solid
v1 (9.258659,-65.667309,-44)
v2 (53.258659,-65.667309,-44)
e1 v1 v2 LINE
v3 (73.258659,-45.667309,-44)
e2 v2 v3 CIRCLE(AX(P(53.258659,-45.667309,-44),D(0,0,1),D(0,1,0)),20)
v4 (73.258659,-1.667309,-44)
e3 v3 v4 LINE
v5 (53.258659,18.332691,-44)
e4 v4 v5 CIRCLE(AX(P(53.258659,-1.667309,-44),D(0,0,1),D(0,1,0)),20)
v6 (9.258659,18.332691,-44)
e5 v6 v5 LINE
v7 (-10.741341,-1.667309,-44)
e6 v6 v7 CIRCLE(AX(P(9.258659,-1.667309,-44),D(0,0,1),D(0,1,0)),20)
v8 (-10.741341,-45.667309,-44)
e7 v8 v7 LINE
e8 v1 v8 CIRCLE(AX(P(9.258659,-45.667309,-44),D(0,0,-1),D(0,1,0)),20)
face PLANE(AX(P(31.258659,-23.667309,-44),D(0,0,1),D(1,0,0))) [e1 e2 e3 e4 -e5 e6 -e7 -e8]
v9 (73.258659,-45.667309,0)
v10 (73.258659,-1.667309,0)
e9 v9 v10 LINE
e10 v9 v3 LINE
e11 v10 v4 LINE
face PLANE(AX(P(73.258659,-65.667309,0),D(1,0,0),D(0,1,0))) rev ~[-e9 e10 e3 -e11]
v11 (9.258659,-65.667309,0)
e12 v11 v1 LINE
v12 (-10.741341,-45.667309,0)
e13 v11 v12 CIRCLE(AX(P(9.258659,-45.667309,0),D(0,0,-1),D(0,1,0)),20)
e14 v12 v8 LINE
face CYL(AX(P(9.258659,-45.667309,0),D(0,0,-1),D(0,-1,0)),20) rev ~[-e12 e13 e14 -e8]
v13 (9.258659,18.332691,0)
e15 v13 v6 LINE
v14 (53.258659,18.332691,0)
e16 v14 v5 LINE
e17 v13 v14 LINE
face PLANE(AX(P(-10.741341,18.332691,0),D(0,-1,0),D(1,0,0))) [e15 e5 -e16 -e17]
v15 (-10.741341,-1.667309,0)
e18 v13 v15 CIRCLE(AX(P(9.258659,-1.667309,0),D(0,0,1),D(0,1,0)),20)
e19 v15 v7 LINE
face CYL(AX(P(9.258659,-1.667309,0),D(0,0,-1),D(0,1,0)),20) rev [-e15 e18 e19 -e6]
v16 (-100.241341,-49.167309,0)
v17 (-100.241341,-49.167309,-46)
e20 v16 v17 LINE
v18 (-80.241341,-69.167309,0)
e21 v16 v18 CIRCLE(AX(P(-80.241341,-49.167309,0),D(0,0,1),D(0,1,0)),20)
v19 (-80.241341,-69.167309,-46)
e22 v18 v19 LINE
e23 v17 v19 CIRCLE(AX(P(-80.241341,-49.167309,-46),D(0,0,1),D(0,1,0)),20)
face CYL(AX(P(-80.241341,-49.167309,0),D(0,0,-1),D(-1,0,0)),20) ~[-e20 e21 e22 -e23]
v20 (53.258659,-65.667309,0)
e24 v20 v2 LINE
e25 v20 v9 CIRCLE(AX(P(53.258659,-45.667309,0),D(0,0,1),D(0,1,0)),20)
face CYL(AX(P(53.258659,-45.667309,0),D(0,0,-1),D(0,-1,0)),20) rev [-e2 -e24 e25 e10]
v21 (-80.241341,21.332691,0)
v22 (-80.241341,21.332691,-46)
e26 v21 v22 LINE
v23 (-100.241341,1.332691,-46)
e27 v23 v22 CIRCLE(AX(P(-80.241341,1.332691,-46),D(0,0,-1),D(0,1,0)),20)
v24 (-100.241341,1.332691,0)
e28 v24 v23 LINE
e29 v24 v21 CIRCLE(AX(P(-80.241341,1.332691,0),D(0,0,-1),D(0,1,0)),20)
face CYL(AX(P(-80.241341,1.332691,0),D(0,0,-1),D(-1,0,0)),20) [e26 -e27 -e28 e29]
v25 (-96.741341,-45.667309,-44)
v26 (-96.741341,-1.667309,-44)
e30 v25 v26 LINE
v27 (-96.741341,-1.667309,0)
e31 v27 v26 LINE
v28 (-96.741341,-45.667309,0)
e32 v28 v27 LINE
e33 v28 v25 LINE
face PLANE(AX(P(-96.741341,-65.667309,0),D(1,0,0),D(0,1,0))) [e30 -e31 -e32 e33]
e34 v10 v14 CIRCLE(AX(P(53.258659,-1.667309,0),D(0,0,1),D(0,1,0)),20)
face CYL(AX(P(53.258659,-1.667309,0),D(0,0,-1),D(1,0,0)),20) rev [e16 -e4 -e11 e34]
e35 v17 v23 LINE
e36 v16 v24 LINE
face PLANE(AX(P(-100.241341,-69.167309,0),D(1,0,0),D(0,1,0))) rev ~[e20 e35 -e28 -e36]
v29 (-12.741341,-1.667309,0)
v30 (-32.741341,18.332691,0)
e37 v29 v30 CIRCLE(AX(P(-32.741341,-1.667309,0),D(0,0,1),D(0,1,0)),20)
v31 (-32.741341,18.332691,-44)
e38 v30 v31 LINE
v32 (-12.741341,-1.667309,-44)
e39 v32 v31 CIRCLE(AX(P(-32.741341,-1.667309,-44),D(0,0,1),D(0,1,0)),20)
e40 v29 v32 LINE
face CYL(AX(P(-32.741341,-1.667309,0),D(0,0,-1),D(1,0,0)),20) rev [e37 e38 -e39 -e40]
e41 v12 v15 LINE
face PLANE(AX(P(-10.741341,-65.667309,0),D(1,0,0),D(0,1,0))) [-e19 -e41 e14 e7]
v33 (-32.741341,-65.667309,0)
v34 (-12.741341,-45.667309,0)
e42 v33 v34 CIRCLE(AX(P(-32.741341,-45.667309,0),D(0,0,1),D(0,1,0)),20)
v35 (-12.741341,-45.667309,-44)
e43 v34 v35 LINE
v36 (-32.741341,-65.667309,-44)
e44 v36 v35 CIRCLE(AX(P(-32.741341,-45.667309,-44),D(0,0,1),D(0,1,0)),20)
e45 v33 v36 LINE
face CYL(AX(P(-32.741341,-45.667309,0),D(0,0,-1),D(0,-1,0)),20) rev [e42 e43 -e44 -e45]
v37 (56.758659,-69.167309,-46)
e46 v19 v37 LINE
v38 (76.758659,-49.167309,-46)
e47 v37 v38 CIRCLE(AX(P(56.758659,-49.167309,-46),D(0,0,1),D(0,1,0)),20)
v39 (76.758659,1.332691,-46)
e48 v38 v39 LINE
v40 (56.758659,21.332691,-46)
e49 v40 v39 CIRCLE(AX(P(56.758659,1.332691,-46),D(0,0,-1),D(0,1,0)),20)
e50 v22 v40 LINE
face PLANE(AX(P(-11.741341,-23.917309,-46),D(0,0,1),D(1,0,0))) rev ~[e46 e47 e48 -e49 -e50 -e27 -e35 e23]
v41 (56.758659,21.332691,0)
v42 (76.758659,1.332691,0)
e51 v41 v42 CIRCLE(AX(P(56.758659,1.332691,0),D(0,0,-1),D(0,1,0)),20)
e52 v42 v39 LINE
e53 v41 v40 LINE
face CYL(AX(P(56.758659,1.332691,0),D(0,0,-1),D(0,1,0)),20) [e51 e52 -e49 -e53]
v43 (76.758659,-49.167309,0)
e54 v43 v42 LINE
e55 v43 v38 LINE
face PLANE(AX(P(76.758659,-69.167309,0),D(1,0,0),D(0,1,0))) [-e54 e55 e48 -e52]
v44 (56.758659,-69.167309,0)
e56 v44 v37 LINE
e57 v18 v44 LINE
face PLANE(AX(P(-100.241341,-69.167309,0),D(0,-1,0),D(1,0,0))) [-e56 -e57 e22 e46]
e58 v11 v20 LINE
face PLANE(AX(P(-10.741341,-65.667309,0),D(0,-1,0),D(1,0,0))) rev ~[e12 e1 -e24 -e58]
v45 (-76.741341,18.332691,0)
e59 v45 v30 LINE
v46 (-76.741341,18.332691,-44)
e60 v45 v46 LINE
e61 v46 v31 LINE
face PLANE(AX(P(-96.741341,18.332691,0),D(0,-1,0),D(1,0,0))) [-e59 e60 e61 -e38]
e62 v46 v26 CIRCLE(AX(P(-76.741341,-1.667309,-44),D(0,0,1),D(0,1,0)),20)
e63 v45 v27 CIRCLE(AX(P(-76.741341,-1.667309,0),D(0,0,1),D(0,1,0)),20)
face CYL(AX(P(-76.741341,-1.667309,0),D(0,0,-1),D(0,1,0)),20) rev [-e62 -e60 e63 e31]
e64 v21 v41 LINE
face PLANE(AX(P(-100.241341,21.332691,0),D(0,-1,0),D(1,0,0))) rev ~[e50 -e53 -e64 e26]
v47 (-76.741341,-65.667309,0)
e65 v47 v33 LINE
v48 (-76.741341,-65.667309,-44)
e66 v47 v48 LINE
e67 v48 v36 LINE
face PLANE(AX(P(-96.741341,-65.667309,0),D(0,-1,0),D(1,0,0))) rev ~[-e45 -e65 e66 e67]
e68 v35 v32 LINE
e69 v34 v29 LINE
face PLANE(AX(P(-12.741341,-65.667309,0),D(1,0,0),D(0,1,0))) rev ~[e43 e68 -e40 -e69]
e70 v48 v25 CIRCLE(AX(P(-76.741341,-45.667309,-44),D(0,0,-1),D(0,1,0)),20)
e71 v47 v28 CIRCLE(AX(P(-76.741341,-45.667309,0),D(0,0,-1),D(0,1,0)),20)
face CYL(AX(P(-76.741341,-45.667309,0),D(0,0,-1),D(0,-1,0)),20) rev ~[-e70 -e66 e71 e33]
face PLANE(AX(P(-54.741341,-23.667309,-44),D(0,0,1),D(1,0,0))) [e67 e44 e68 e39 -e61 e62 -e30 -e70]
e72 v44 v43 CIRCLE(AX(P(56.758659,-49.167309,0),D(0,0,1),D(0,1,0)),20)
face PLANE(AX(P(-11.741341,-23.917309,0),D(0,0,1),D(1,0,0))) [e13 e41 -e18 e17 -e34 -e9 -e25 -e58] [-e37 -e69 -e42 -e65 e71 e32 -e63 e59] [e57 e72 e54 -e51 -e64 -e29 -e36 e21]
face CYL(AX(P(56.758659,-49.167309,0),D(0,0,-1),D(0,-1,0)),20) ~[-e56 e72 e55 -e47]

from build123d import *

# Parameters (mm, degrees)
F0_W     = 177
F0_H     = 90.5
F1_DEPTH = 46
F2_W     = 84
F2_H     = 84
F3_DEPTH = 44
F4_R     = 20


with BuildPart() as f1:
    # F0 (on Top) → F1 (new body)
    with BuildSketch(Plane.XY):
        with Locations((-11.741341, -23.917309)):
            Rectangle(F0_W, F0_H)
    extrude(amount=-F1_DEPTH)

    # F2 (on face) → F3 (cut)
    with BuildSketch(Plane.XY):
        with Locations((-54.741341, -23.667309)):
            Rectangle(F2_W, F2_H)
        with Locations((31.258659, -23.667309)):
            Rectangle(F2_W, F2_H)
    extrude(amount=-F3_DEPTH, mode=Mode.SUBTRACT)

    # F4
    f4_edges = [f1.edges().sort_by_distance(p)[0] for p in [
        (-96.741341, 18.332691, -22),
        (-96.741341, -65.667309, -22),
        (-12.741341, -65.667309, -22),
        (-12.741341, 18.332691, -22),
        (-10.741341, 18.332691, -22),
        (-10.741341, -65.667309, -22),
        (73.258659, 18.332691, -22),
        (73.258659, -65.667309, -22),
        (76.758659, 21.332691, -23),
        (-100.241341, 21.332691, -23),
        (-100.241341, -69.167309, -23),
        (76.758659, -69.167309, -23),
    ]]
    fillet(f4_edges, radius=F4_R)


solid = f1.part
